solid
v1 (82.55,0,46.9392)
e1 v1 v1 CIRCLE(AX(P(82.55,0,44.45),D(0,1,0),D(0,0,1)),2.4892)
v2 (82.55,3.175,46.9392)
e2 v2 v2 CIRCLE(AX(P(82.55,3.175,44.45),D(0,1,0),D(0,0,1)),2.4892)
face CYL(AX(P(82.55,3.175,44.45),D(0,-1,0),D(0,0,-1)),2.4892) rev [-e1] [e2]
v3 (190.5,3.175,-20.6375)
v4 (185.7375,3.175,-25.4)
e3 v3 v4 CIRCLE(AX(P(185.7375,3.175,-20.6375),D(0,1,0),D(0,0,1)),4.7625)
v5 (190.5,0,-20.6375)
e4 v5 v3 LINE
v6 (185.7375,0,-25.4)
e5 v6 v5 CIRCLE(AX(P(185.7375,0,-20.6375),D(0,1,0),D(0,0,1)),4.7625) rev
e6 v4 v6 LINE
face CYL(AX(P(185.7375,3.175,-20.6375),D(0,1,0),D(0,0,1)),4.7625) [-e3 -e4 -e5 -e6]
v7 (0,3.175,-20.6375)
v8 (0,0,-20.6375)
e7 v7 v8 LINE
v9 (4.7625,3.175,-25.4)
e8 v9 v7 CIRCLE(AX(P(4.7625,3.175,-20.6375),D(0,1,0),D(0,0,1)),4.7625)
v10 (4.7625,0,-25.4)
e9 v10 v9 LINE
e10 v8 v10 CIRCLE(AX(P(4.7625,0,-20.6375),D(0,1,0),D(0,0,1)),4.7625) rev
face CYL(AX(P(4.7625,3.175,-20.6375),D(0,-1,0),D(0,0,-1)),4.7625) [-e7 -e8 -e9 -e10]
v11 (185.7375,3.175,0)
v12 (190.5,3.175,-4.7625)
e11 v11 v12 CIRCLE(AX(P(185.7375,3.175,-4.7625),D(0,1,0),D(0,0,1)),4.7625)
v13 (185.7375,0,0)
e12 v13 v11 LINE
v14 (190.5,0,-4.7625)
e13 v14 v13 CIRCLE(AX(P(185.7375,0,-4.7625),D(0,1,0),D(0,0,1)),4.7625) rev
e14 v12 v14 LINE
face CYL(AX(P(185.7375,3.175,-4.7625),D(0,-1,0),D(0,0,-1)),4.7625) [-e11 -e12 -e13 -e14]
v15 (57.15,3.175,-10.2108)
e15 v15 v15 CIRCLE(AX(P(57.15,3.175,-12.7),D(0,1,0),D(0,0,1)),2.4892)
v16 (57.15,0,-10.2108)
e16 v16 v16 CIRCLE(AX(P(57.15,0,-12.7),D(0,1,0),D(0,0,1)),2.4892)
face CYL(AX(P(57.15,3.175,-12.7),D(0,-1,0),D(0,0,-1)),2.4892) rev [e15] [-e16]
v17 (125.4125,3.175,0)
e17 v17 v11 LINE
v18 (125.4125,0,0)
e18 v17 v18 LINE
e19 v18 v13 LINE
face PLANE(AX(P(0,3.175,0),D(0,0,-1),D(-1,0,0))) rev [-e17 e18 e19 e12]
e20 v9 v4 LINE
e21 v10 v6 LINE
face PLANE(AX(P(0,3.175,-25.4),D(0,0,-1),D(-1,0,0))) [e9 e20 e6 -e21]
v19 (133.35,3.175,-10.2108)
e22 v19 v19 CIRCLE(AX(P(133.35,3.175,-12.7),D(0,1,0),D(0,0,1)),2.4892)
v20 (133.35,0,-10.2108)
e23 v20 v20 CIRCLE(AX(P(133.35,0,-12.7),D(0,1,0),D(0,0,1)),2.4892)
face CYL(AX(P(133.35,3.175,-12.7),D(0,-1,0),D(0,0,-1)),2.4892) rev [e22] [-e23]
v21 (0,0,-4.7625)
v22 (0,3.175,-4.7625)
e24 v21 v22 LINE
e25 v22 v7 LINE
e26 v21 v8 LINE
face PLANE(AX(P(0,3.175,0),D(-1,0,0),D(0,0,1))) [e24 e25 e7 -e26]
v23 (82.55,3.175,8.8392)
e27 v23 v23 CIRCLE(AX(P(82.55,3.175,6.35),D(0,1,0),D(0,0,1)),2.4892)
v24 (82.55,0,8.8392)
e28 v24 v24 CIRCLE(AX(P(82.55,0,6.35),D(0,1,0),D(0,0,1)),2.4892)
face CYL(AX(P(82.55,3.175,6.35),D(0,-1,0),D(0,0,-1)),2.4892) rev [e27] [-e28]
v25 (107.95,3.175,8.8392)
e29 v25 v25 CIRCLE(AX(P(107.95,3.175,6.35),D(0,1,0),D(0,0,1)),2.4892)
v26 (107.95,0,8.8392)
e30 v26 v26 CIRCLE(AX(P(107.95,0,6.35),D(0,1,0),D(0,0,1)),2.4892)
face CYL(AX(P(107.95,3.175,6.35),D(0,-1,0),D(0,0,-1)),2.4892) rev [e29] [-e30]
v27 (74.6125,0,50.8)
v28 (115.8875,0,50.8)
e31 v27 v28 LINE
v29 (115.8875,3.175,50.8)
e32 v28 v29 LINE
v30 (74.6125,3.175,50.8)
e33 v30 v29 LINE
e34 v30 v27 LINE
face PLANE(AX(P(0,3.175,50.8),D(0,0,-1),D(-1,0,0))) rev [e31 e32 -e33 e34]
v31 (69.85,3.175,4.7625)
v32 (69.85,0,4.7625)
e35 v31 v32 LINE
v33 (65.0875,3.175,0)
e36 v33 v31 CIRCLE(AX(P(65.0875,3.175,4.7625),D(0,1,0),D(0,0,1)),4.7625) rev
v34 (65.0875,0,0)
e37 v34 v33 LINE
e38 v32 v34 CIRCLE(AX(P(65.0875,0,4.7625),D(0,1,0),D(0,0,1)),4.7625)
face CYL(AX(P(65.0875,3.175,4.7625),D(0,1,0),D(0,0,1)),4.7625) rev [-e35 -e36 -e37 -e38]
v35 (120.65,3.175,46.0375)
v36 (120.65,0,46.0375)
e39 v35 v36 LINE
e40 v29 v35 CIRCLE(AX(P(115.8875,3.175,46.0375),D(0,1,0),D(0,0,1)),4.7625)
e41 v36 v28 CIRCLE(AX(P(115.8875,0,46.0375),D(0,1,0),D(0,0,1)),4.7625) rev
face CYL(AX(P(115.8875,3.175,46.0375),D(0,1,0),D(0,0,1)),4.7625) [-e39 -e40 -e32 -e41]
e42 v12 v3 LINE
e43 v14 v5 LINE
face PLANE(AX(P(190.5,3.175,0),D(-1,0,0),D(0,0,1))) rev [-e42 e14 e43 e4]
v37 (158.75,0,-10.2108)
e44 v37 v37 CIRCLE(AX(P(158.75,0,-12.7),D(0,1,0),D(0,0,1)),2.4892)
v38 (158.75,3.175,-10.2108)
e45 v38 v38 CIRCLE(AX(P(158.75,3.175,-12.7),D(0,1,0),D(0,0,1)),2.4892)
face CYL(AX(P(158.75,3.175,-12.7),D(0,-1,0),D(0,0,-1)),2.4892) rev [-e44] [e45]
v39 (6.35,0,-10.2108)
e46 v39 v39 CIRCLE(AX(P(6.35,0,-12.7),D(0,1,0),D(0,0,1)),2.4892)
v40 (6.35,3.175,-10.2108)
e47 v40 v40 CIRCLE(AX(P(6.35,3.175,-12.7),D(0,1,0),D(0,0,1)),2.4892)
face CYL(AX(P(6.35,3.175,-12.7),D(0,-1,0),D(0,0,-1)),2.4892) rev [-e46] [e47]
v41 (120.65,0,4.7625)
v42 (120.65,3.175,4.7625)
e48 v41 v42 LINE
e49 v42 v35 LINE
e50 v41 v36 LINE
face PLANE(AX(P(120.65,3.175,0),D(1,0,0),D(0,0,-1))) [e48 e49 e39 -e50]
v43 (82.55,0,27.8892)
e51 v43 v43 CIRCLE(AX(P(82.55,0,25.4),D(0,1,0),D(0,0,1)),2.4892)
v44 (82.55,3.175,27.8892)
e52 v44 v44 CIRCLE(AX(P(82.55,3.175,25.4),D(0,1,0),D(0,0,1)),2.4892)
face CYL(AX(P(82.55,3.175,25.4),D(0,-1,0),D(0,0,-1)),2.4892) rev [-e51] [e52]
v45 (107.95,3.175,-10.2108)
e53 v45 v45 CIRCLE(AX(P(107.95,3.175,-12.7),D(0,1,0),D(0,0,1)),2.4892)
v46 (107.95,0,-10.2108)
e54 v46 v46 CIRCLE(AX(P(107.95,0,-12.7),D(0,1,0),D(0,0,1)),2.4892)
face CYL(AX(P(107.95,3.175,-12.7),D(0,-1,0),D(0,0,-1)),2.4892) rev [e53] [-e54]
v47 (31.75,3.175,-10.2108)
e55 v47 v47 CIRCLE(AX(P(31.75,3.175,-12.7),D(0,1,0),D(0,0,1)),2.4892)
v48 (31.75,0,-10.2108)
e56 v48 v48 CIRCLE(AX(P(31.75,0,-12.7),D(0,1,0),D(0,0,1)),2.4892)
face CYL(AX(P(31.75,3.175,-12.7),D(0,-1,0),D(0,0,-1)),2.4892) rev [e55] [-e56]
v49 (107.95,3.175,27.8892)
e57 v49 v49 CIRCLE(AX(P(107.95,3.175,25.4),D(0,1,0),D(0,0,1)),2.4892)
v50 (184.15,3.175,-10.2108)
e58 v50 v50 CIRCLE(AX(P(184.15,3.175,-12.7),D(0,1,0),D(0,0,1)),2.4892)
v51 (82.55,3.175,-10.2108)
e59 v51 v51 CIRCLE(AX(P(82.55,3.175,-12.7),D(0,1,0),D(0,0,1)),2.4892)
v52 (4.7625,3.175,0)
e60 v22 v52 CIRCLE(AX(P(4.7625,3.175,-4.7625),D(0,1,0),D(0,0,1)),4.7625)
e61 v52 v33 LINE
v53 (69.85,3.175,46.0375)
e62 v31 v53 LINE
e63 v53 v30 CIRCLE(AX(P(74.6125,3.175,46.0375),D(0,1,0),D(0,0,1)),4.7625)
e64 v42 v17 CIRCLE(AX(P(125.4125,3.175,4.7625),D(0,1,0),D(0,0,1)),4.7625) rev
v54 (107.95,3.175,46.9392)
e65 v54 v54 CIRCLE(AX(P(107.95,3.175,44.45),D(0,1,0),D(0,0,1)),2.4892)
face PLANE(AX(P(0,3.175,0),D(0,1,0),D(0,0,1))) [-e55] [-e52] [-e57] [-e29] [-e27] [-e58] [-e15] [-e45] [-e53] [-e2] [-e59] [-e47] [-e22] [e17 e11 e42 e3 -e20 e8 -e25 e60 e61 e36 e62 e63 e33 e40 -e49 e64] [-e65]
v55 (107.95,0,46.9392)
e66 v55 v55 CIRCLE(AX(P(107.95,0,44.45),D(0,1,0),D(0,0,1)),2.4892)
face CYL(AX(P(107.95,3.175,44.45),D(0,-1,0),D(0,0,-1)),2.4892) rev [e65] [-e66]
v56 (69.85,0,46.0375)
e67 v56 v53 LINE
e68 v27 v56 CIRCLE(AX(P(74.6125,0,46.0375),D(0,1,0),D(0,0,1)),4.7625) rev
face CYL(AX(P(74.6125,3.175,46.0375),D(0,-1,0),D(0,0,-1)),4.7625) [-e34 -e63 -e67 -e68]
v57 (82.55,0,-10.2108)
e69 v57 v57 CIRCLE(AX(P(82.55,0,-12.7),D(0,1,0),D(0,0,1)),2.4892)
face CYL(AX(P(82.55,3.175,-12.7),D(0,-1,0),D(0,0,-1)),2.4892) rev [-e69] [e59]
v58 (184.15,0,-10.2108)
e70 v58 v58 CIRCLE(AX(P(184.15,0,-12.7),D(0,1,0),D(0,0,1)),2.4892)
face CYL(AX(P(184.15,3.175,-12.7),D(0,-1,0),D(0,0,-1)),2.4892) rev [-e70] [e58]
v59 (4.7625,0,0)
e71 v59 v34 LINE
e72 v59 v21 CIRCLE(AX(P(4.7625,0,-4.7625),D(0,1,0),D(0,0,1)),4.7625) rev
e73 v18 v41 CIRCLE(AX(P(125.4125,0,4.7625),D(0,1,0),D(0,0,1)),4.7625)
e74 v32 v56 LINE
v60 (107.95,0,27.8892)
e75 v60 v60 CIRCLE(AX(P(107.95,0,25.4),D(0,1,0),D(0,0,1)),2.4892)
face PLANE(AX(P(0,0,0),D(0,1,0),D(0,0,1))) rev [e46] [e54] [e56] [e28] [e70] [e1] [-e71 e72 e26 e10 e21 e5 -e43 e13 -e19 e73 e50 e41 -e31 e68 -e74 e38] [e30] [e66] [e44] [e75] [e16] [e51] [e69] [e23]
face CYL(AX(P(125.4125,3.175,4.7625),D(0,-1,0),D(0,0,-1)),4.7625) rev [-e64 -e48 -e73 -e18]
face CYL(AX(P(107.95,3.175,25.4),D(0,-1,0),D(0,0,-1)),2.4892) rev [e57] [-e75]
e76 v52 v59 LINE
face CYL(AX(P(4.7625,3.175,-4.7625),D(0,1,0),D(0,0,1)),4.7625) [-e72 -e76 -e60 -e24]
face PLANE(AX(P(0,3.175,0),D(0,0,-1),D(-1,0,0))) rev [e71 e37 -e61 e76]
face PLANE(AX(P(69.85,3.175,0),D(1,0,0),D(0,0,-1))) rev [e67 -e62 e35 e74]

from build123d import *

# Parameters (mm, degrees)
SKETCH1_W           = 190.5
SKETCH1_H           = 25.4
SKETCH1_R           = 2.4892
SKETCH1_W_2         = 50.8
SKETCH1_H_2         = 50.8
BOSS_EXTRUDE1_DEPTH = 3.175
FILLET1_R           = 4.7625


with BuildPart() as part:
    # Sketch1 → Boss-Extrude1 (new body)
    with BuildSketch(Plane(origin=(0, 0, 0), x_dir=(1, 0, 0), z_dir=(0, 1, 0))):
        with Locations((95.25, 12.7)):
            Rectangle(SKETCH1_W, SKETCH1_H)
        with Locations((6.35, 12.7)):
            Circle(SKETCH1_R, mode=Mode.SUBTRACT)
        with Locations((31.75, 12.7)):
            Circle(SKETCH1_R, mode=Mode.SUBTRACT)
        with Locations((57.15, 12.7)):
            Circle(SKETCH1_R, mode=Mode.SUBTRACT)
        with Locations((82.55, 12.7)):
            Circle(SKETCH1_R, mode=Mode.SUBTRACT)
        with Locations((107.95, 12.7)):
            Circle(SKETCH1_R, mode=Mode.SUBTRACT)
        with Locations((133.35, 12.7)):
            Circle(SKETCH1_R, mode=Mode.SUBTRACT)
        with Locations((158.75, 12.7)):
            Circle(SKETCH1_R, mode=Mode.SUBTRACT)
        with Locations((184.15, 12.7)):
            Circle(SKETCH1_R, mode=Mode.SUBTRACT)
        with Locations((95.25, -25.4)):
            Rectangle(SKETCH1_W_2, SKETCH1_H_2)
        with Locations((82.55, -6.35)):
            Circle(SKETCH1_R, mode=Mode.SUBTRACT)
        with Locations((107.95, -6.35)):
            Circle(SKETCH1_R, mode=Mode.SUBTRACT)
        with Locations((107.95, -25.4)):
            Circle(SKETCH1_R, mode=Mode.SUBTRACT)
        with Locations((107.95, -44.45)):
            Circle(SKETCH1_R, mode=Mode.SUBTRACT)
        with Locations((82.55, -25.4)):
            Circle(SKETCH1_R, mode=Mode.SUBTRACT)
        with Locations((82.55, -44.45)):
            Circle(SKETCH1_R, mode=Mode.SUBTRACT)
    extrude(amount=BOSS_EXTRUDE1_DEPTH)

    # Fillet1
    fillet1_edges = [part.edges().sort_by_distance(p)[0] for p in [
        (120.65, 1.5875, 50.8),
        (69.85, 1.5875, 50.8),
        (69.85, 1.5875, 0),
        (0, 1.5875, 0),
        (0, 1.5875, -25.4),
        (190.5, 1.5875, -25.4),
        (190.5, 1.5875, 0),
        (120.65, 1.5875, 0),
    ]]
    fillet(fillet1_edges, radius=FILLET1_R)


solid = part.part
